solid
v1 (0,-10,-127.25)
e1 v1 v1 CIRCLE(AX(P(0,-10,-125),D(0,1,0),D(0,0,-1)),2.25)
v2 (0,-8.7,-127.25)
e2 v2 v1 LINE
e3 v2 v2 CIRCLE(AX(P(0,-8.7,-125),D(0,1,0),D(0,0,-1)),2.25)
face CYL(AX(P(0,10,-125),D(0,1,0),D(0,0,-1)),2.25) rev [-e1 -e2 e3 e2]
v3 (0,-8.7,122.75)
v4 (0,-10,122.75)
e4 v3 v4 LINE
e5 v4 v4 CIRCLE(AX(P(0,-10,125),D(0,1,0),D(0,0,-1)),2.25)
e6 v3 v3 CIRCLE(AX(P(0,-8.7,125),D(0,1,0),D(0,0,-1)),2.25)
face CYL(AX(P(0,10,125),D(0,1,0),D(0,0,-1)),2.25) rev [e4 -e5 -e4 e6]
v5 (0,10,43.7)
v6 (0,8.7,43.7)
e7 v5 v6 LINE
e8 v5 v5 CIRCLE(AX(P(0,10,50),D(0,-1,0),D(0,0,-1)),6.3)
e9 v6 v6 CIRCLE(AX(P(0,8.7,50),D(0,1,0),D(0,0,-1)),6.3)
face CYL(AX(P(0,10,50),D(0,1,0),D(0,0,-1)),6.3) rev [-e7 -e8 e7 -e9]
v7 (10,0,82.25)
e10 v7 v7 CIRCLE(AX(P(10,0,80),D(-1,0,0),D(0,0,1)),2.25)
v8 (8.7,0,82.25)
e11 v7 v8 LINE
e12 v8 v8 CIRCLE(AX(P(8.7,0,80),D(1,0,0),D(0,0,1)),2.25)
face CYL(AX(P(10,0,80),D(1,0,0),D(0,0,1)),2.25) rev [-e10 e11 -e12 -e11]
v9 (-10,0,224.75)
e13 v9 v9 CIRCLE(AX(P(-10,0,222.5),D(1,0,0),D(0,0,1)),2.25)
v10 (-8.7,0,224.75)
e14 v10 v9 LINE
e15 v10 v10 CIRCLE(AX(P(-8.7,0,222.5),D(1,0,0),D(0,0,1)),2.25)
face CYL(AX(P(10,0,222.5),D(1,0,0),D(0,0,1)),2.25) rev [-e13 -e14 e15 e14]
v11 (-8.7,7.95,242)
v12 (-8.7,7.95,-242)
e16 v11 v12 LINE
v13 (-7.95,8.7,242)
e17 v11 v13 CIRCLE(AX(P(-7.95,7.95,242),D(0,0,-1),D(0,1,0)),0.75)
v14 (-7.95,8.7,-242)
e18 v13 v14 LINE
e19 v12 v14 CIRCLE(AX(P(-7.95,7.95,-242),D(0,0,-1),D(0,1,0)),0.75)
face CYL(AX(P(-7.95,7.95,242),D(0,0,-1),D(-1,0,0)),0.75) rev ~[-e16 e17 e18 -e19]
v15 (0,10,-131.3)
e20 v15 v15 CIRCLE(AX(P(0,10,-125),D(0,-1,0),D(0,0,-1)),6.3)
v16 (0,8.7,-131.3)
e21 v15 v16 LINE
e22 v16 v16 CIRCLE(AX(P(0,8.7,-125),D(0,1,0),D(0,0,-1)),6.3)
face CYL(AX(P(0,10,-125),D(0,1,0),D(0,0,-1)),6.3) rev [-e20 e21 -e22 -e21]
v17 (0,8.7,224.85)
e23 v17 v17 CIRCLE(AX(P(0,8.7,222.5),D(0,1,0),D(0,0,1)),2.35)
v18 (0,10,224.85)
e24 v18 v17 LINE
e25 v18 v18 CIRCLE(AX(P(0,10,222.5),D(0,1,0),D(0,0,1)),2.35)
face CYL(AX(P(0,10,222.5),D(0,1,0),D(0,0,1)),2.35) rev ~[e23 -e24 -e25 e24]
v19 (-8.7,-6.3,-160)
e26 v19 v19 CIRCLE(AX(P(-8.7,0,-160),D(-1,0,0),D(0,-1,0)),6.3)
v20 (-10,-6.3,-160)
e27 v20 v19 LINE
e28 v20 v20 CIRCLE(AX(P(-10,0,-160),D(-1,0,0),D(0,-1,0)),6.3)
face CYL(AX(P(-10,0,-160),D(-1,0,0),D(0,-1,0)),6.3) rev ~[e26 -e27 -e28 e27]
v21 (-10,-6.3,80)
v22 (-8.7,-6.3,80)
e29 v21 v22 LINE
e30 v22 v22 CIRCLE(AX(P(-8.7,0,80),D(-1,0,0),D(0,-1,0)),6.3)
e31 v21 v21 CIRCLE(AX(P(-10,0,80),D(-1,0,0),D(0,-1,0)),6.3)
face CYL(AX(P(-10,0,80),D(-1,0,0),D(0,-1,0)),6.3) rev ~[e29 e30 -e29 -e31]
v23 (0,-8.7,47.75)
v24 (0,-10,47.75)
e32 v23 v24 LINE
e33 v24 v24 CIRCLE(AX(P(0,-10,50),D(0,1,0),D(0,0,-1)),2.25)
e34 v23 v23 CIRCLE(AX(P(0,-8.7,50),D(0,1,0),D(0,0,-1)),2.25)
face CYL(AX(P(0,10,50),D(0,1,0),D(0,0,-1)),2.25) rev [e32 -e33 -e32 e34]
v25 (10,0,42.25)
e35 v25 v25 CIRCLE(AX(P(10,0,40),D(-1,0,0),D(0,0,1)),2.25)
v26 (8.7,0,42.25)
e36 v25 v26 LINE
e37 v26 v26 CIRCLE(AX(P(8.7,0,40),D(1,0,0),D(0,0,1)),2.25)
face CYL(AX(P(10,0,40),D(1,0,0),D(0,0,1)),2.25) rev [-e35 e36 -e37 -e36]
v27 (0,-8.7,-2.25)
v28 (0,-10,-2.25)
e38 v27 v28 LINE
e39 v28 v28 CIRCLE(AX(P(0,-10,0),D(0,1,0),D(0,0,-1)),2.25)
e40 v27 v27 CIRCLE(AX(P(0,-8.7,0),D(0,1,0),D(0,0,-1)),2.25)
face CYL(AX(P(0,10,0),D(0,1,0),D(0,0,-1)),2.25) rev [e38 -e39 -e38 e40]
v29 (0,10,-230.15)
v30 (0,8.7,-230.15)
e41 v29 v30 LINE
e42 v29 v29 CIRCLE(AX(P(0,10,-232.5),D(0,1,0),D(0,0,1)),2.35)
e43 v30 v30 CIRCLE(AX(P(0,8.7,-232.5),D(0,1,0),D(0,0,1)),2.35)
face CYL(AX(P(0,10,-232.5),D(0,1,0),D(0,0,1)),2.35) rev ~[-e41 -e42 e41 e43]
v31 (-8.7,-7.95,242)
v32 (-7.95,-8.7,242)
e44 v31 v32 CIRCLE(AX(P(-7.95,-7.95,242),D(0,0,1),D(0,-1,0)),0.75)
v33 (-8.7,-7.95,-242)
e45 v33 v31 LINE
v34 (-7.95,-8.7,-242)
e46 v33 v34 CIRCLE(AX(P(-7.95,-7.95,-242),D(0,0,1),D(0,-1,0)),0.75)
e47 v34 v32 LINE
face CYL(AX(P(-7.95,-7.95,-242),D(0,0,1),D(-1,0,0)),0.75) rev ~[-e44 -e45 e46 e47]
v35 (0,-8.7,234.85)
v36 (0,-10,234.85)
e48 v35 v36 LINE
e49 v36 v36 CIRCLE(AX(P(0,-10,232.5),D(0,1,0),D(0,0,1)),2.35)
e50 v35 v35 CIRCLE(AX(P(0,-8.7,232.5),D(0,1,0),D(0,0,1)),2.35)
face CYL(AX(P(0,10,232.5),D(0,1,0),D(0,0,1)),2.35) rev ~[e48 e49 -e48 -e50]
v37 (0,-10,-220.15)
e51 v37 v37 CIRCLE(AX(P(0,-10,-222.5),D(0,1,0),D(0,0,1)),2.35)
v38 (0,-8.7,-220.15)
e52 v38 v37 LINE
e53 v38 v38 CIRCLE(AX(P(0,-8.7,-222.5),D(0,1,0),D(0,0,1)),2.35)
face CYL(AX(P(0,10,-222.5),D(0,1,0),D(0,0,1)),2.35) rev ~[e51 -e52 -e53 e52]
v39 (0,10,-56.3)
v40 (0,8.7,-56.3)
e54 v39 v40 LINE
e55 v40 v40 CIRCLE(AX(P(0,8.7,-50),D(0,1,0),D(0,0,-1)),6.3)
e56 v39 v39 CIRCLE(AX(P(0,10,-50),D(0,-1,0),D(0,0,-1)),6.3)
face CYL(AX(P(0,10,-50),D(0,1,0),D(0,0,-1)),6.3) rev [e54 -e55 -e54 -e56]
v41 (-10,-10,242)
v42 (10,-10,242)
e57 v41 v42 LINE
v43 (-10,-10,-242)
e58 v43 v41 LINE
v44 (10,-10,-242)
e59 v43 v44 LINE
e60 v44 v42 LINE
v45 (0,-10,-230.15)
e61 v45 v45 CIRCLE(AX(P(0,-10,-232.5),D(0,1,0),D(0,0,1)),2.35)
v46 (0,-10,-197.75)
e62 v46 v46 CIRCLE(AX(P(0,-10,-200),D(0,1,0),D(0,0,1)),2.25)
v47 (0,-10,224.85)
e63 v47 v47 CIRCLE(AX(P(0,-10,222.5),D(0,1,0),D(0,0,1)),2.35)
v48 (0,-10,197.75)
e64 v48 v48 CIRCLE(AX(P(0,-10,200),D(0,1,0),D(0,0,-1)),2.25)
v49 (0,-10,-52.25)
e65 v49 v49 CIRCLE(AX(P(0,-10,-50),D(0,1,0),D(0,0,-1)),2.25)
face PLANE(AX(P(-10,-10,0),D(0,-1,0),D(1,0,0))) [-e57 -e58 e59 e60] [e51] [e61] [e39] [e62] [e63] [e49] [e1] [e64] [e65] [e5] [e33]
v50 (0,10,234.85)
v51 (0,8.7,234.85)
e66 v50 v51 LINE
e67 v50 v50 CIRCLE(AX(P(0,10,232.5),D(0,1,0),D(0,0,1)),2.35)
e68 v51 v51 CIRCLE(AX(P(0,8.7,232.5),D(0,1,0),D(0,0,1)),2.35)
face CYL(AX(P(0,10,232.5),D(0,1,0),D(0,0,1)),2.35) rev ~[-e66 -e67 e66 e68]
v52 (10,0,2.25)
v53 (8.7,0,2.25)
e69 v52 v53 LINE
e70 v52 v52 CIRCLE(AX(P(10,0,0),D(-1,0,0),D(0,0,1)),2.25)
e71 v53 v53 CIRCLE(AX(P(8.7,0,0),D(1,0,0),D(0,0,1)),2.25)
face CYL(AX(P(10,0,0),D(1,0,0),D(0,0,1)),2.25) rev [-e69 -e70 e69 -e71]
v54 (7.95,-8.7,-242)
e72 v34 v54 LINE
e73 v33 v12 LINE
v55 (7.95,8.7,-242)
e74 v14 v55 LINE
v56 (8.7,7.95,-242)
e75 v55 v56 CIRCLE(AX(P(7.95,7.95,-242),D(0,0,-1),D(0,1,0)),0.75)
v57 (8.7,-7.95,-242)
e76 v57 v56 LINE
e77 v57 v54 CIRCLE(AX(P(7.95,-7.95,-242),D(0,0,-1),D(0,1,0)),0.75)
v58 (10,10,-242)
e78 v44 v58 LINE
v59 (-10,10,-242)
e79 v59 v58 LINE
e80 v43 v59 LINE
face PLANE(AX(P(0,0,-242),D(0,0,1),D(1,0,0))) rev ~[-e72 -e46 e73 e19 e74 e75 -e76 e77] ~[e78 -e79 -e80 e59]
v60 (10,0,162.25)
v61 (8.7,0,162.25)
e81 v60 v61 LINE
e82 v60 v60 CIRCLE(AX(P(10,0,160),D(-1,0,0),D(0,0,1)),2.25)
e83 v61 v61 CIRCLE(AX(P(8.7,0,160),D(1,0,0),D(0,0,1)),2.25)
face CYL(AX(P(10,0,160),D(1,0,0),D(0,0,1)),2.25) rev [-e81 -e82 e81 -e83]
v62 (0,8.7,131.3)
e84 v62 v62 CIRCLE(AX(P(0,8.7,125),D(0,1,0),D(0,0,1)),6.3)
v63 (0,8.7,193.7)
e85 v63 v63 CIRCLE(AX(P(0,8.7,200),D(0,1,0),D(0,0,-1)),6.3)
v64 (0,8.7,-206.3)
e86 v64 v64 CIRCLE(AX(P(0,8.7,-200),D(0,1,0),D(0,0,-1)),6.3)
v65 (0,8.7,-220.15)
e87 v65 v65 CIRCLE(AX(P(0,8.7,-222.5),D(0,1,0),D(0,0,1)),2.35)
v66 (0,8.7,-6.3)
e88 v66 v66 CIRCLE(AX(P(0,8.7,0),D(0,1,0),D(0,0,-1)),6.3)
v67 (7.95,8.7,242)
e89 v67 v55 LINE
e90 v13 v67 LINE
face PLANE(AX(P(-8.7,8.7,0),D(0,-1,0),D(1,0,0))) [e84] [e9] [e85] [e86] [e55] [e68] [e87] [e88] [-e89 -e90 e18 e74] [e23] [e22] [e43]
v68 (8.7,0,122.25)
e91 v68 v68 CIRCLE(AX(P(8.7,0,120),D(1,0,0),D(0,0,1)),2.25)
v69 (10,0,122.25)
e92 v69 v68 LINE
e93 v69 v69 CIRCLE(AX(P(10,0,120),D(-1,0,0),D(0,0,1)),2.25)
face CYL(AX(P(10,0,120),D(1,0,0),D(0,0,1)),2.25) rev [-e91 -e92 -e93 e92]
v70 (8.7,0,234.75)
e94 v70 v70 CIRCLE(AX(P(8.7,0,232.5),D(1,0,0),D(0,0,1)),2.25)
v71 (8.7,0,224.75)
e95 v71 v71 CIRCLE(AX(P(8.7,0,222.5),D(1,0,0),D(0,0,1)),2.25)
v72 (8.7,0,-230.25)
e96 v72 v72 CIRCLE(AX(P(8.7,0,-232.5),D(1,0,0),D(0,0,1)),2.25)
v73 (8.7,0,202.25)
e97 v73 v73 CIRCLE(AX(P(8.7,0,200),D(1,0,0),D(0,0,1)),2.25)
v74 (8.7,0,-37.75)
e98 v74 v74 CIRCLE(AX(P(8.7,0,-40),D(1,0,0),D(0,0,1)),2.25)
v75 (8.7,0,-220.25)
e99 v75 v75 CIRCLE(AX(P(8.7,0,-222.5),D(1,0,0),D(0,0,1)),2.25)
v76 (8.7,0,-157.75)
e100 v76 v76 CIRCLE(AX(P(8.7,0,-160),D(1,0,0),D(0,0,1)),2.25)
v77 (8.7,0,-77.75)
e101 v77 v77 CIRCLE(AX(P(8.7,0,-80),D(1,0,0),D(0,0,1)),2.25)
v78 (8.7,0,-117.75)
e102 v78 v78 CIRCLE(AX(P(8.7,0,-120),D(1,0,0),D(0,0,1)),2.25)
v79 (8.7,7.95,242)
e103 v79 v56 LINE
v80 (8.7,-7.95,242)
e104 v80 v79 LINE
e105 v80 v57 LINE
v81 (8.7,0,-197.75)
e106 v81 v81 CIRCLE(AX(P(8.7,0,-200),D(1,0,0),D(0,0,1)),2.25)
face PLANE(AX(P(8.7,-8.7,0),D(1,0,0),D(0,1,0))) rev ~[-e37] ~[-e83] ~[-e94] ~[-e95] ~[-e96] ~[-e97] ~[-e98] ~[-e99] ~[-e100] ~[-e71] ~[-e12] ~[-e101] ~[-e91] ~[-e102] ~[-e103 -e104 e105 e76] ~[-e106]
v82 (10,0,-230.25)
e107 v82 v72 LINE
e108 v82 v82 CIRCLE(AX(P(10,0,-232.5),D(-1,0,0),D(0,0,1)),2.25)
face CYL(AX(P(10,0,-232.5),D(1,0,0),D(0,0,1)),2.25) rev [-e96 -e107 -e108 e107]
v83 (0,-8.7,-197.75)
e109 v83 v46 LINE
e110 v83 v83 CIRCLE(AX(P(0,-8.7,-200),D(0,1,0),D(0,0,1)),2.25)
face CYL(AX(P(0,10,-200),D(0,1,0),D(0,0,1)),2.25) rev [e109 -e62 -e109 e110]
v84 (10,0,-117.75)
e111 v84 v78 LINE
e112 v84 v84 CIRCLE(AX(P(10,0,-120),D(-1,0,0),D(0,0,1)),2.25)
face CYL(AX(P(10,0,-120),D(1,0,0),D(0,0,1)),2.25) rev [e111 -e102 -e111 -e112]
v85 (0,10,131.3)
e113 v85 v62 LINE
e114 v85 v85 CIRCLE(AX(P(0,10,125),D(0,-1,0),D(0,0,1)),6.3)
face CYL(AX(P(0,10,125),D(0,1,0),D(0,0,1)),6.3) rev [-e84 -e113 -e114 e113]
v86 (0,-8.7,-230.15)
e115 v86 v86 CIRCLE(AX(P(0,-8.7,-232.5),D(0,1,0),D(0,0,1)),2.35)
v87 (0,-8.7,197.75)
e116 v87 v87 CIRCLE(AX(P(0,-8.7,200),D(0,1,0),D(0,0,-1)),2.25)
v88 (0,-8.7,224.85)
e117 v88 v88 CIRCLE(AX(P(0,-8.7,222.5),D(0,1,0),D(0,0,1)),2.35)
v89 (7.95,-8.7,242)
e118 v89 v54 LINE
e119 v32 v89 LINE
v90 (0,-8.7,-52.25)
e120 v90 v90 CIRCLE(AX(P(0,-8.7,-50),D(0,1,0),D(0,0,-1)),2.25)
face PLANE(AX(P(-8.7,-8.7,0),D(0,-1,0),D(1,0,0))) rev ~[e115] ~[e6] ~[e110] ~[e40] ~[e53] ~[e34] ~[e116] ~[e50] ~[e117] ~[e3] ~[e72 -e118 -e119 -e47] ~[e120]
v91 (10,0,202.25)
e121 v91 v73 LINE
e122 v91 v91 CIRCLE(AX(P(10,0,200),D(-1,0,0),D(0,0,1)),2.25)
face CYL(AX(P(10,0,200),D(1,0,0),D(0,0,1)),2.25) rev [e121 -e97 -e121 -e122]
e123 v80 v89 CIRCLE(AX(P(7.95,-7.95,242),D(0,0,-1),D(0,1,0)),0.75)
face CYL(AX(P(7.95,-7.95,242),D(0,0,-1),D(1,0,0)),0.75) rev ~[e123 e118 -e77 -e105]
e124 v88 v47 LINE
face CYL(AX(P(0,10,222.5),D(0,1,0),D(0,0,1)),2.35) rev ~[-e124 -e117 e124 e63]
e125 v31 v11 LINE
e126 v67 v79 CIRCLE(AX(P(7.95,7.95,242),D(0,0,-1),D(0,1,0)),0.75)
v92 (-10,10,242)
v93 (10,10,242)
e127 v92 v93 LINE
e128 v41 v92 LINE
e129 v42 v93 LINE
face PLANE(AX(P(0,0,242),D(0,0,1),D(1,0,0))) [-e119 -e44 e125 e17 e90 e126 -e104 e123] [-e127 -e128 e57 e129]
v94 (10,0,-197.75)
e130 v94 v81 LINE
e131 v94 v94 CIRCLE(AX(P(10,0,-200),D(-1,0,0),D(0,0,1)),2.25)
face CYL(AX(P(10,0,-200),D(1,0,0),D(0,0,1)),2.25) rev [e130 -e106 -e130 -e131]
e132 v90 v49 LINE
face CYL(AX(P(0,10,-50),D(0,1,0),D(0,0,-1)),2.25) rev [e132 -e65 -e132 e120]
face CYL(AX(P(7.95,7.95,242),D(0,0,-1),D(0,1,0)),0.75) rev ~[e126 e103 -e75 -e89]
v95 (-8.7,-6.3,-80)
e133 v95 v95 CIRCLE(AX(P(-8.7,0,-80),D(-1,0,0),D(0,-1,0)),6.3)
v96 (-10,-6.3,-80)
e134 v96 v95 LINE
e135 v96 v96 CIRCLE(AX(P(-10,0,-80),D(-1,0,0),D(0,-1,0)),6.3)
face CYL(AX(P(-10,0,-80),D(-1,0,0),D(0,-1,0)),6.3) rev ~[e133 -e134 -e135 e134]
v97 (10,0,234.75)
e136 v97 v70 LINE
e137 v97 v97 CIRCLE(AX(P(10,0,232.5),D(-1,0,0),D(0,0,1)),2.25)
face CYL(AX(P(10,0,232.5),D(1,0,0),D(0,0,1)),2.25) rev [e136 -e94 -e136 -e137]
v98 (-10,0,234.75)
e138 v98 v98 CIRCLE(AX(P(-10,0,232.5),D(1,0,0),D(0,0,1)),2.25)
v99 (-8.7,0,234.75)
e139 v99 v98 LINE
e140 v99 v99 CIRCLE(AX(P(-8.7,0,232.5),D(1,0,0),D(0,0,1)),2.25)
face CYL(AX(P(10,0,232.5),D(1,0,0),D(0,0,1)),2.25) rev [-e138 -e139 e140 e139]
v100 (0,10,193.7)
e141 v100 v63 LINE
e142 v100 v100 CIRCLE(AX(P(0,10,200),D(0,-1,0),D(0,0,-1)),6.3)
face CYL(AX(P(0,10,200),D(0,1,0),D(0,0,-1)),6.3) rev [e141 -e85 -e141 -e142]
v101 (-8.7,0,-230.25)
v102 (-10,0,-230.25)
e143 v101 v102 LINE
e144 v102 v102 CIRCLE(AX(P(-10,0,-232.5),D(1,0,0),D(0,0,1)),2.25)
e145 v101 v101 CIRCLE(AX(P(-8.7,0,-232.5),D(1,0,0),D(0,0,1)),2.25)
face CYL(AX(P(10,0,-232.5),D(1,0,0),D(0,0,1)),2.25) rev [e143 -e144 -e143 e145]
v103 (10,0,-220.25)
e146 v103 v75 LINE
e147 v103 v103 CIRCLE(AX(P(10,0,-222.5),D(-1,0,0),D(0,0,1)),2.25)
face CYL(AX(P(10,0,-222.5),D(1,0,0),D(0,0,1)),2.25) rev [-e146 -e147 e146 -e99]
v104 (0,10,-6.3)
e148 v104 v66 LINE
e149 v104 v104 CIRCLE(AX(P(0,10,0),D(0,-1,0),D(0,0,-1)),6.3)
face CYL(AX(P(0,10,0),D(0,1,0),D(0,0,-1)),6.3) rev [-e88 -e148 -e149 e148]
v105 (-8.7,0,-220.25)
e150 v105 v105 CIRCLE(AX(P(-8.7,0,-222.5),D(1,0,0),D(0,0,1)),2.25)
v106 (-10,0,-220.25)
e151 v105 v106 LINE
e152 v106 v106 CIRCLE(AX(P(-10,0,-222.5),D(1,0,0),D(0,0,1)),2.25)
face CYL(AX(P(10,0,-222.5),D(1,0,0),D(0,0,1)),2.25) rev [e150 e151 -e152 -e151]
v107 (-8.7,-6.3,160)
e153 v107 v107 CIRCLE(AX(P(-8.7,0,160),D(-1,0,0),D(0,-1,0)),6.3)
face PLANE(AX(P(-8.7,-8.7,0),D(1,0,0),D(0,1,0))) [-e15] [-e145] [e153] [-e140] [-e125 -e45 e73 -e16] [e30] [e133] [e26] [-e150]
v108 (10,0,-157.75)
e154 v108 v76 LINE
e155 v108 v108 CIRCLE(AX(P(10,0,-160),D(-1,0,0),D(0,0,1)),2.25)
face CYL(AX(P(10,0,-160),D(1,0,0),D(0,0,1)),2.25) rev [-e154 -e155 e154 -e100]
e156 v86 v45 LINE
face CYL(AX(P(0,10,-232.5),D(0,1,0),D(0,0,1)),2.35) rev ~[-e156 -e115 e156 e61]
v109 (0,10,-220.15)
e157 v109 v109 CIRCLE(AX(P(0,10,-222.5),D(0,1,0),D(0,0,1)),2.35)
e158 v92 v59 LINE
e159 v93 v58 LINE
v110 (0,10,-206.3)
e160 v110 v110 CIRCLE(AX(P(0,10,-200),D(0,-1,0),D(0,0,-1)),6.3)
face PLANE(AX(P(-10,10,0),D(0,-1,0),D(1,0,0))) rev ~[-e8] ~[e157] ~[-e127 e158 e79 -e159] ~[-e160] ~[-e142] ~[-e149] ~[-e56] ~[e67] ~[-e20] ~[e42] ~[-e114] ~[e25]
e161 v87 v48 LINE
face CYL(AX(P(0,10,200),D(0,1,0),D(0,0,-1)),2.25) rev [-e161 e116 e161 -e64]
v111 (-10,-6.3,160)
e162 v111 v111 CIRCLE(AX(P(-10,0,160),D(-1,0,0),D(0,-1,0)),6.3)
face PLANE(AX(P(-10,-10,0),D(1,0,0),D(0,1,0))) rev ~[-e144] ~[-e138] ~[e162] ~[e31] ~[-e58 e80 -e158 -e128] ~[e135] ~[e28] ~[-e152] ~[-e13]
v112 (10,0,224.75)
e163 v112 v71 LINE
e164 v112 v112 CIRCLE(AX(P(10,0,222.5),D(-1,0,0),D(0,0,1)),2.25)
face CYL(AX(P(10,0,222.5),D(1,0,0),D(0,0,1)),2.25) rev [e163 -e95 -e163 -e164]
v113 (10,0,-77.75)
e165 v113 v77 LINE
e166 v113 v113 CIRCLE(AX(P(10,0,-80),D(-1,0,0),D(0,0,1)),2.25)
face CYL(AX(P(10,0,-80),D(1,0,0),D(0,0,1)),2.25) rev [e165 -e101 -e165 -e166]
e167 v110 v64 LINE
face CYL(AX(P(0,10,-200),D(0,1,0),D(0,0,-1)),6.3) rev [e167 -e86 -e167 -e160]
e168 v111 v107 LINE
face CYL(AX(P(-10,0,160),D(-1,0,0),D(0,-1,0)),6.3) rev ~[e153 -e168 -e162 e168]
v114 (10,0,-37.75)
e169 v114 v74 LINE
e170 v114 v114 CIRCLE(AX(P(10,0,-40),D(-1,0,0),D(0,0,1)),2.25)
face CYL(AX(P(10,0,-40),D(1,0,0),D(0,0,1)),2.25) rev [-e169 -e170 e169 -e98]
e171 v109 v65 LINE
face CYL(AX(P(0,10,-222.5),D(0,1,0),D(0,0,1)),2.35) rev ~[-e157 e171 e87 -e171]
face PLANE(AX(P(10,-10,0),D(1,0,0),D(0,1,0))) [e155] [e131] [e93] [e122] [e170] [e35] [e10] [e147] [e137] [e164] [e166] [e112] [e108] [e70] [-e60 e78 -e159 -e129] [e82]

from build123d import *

# Parameters (mm, degrees)
CROQUIS1_W              = 20
CROQUIS1_H              = 20
CROQUIS1_W_2            = 17.4
CROQUIS1_H_2            = 17.4
SALIENTE_EXTRUIR2_DEPTH = 242
FILLET1_R               = 0.75
SKETCH1_R               = 2.35
CUT_EXTRUDE1_DEPTH      = 244.030862238
SKETCH2_R               = 2.25
CUT_EXTRUDE4_DEPTH      = 244.030862238
SKETCH2_5_R             = 6.3
SKETCH2_5_R_2           = 2.25
CUT_EXTRUDE5_DEPTH      = 5
SKETCH3_R               = 2.25
CUT_EXTRUDE6_DEPTH      = 5
SKETCH4_R               = 6.3
CUT_EXTRUDE7_DEPTH      = 5
SKETCH3_2_R             = 2.25
CUT_EXTRUDE8_DEPTH      = 244.030862238


with BuildPart() as part:
    # Croquis1 → Saliente-Extruir2 (new, symmetric)
    with BuildSketch(Plane.XY):
        Rectangle(CROQUIS1_W, CROQUIS1_H)
        Rectangle(CROQUIS1_W_2, CROQUIS1_H_2, mode=Mode.SUBTRACT)
    extrude(amount=SALIENTE_EXTRUIR2_DEPTH, both=True)

    # Fillet1
    fillet1_edges = [part.edges().sort_by_distance(p)[0] for p in [
        (-8.7, 8.7, 0),
        (-8.7, -8.7, 0),
        (8.7, -8.7, 0),
        (8.7, 8.7, 0),
    ]]
    fillet(fillet1_edges, radius=FILLET1_R)

    # Sketch1 → Cut-Extrude1 (cut, through all)
    with BuildSketch(Plane(origin=(0, 10, 0), x_dir=(1, 0, 0), z_dir=(0, 1, 0))):
        with Locations(Location((0, -232.5, 0), (0, 0, 270))):
            Circle(SKETCH1_R)
        with Locations(Location((0, -222.5, 0), (0, 0, 270))):
            Circle(SKETCH1_R)
        with Locations(Location((0, 222.5, 0), (0, 0, 270))):
            Circle(SKETCH1_R)
        with Locations(Location((0, 232.5, 0), (0, 0, 270))):
            Circle(SKETCH1_R)
    extrude(amount=-CUT_EXTRUDE1_DEPTH, mode=Mode.SUBTRACT)

    # Sketch2 → Cut-Extrude4 (cut, through all)
    with BuildSketch(Plane(origin=(0, 10, 0), x_dir=(0, 0, -1), z_dir=(0, -1, 0))):
        with Locations(Location((200, 0, 0), (0, 0, 180))):
            Circle(SKETCH2_R)
        with Locations((-200, 0)):
            Circle(SKETCH2_R)
        with Locations((-125, 0)):
            Circle(SKETCH2_R)
        with Locations((-50, 0)):
            Circle(SKETCH2_R)
        Circle(SKETCH2_R)
        with Locations((50, 0)):
            Circle(SKETCH2_R)
        with Locations((125, 0)):
            Circle(SKETCH2_R)
    extrude(amount=CUT_EXTRUDE4_DEPTH, mode=Mode.SUBTRACT)

    # Sketch2<5> → Cut-Extrude5 (cut)
    # profile 1 of 7: a face of its own
    with BuildSketch(Plane(origin=(0, 10, 0), x_dir=(0, 0, -1), z_dir=(0, -1, 0))):
        with Locations(Location((-125, 0, 0), (0, 0, 180))):
            Circle(SKETCH2_5_R)
        with Locations(Location((-125, 0, 0), (0, 0, 180))):
            Circle(SKETCH2_5_R_2, mode=Mode.SUBTRACT)
    # profile 2 of 7: a face of its own
    with BuildSketch(Plane(origin=(0, 10, 0), x_dir=(0, 0, -1), z_dir=(0, -1, 0))):
        with Locations((-200, 0)):
            Circle(SKETCH2_5_R)
    # profile 3 of 7: a face of its own
    with BuildSketch(Plane(origin=(0, 10, 0), x_dir=(0, 0, -1), z_dir=(0, -1, 0))):
        with Locations((-50, 0)):
            Circle(SKETCH2_5_R)
    # profile 4 of 7: a face of its own
    with BuildSketch(Plane(origin=(0, 10, 0), x_dir=(0, 0, -1), z_dir=(0, -1, 0))):
        Circle(SKETCH2_5_R)
    # profile 5 of 7: a face of its own
    with BuildSketch(Plane(origin=(0, 10, 0), x_dir=(0, 0, -1), z_dir=(0, -1, 0))):
        with Locations((50, 0)):
            Circle(SKETCH2_5_R)
    # profile 6 of 7: a face of its own
    with BuildSketch(Plane(origin=(0, 10, 0), x_dir=(0, 0, -1), z_dir=(0, -1, 0))):
        with Locations((125, 0)):
            Circle(SKETCH2_5_R)
    # profile 7 of 7: a face of its own
    with BuildSketch(Plane(origin=(0, 10, 0), x_dir=(0, 0, -1), z_dir=(0, -1, 0))):
        with Locations((200, 0)):
            Circle(SKETCH2_5_R)
    extrude(amount=CUT_EXTRUDE5_DEPTH, mode=Mode.SUBTRACT)

    # Sketch3 → Cut-Extrude6 (cut)
    with BuildSketch(Plane.ZY.offset(-10)):
        Circle(SKETCH3_R)
        with Locations((40, 0)):
            Circle(SKETCH3_R)
        with Locations((80, 0)):
            Circle(SKETCH3_R)
        with Locations((120, 0)):
            Circle(SKETCH3_R)
        with Locations((160, 0)):
            Circle(SKETCH3_R)
        with Locations((-40, 0)):
            Circle(SKETCH3_R)
        with Locations((-80, 0)):
            Circle(SKETCH3_R)
        with Locations((-120, 0)):
            Circle(SKETCH3_R)
        with Locations((-160, 0)):
            Circle(SKETCH3_R)
        with Locations((-200, 0)):
            Circle(SKETCH3_R)
        with Locations((200, 0)):
            Circle(SKETCH3_R)
        with Locations((-232.5, 0)):
            Circle(SKETCH3_R)
        with Locations((-222.5, 0)):
            Circle(SKETCH3_R)
        with Locations((232.5, 0)):
            Circle(SKETCH3_R)
        with Locations((222.5, 0)):
            Circle(SKETCH3_R)
    extrude(amount=CUT_EXTRUDE6_DEPTH, mode=Mode.SUBTRACT)

    # Sketch4 → Cut-Extrude7 (cut)
    with BuildSketch(Plane.ZY.offset(10)):
        with Locations(Location((-160, 0, 0), (0, 0, 270))):
            Circle(SKETCH4_R)
        with Locations(Location((-80, 0, 0), (0, 0, 270))):
            Circle(SKETCH4_R)
        with Locations(Location((80, 0, 0), (0, 0, 270))):
            Circle(SKETCH4_R)
        with Locations(Location((160, 0, 0), (0, 0, 270))):
            Circle(SKETCH4_R)
    extrude(amount=-CUT_EXTRUDE7_DEPTH, mode=Mode.SUBTRACT)

    # Sketch3<2> → Cut-Extrude8 (cut, through all)
    with BuildSketch(Plane.ZY.offset(-10)):
        with Locations((-232.5, 0)):
            Circle(SKETCH3_2_R)
        with Locations((-222.5, 0)):
            Circle(SKETCH3_2_R)
        with Locations((232.5, 0)):
            Circle(SKETCH3_2_R)
        with Locations((222.5, 0)):
            Circle(SKETCH3_2_R)
    extrude(amount=CUT_EXTRUDE8_DEPTH, mode=Mode.SUBTRACT)


solid = part.part
